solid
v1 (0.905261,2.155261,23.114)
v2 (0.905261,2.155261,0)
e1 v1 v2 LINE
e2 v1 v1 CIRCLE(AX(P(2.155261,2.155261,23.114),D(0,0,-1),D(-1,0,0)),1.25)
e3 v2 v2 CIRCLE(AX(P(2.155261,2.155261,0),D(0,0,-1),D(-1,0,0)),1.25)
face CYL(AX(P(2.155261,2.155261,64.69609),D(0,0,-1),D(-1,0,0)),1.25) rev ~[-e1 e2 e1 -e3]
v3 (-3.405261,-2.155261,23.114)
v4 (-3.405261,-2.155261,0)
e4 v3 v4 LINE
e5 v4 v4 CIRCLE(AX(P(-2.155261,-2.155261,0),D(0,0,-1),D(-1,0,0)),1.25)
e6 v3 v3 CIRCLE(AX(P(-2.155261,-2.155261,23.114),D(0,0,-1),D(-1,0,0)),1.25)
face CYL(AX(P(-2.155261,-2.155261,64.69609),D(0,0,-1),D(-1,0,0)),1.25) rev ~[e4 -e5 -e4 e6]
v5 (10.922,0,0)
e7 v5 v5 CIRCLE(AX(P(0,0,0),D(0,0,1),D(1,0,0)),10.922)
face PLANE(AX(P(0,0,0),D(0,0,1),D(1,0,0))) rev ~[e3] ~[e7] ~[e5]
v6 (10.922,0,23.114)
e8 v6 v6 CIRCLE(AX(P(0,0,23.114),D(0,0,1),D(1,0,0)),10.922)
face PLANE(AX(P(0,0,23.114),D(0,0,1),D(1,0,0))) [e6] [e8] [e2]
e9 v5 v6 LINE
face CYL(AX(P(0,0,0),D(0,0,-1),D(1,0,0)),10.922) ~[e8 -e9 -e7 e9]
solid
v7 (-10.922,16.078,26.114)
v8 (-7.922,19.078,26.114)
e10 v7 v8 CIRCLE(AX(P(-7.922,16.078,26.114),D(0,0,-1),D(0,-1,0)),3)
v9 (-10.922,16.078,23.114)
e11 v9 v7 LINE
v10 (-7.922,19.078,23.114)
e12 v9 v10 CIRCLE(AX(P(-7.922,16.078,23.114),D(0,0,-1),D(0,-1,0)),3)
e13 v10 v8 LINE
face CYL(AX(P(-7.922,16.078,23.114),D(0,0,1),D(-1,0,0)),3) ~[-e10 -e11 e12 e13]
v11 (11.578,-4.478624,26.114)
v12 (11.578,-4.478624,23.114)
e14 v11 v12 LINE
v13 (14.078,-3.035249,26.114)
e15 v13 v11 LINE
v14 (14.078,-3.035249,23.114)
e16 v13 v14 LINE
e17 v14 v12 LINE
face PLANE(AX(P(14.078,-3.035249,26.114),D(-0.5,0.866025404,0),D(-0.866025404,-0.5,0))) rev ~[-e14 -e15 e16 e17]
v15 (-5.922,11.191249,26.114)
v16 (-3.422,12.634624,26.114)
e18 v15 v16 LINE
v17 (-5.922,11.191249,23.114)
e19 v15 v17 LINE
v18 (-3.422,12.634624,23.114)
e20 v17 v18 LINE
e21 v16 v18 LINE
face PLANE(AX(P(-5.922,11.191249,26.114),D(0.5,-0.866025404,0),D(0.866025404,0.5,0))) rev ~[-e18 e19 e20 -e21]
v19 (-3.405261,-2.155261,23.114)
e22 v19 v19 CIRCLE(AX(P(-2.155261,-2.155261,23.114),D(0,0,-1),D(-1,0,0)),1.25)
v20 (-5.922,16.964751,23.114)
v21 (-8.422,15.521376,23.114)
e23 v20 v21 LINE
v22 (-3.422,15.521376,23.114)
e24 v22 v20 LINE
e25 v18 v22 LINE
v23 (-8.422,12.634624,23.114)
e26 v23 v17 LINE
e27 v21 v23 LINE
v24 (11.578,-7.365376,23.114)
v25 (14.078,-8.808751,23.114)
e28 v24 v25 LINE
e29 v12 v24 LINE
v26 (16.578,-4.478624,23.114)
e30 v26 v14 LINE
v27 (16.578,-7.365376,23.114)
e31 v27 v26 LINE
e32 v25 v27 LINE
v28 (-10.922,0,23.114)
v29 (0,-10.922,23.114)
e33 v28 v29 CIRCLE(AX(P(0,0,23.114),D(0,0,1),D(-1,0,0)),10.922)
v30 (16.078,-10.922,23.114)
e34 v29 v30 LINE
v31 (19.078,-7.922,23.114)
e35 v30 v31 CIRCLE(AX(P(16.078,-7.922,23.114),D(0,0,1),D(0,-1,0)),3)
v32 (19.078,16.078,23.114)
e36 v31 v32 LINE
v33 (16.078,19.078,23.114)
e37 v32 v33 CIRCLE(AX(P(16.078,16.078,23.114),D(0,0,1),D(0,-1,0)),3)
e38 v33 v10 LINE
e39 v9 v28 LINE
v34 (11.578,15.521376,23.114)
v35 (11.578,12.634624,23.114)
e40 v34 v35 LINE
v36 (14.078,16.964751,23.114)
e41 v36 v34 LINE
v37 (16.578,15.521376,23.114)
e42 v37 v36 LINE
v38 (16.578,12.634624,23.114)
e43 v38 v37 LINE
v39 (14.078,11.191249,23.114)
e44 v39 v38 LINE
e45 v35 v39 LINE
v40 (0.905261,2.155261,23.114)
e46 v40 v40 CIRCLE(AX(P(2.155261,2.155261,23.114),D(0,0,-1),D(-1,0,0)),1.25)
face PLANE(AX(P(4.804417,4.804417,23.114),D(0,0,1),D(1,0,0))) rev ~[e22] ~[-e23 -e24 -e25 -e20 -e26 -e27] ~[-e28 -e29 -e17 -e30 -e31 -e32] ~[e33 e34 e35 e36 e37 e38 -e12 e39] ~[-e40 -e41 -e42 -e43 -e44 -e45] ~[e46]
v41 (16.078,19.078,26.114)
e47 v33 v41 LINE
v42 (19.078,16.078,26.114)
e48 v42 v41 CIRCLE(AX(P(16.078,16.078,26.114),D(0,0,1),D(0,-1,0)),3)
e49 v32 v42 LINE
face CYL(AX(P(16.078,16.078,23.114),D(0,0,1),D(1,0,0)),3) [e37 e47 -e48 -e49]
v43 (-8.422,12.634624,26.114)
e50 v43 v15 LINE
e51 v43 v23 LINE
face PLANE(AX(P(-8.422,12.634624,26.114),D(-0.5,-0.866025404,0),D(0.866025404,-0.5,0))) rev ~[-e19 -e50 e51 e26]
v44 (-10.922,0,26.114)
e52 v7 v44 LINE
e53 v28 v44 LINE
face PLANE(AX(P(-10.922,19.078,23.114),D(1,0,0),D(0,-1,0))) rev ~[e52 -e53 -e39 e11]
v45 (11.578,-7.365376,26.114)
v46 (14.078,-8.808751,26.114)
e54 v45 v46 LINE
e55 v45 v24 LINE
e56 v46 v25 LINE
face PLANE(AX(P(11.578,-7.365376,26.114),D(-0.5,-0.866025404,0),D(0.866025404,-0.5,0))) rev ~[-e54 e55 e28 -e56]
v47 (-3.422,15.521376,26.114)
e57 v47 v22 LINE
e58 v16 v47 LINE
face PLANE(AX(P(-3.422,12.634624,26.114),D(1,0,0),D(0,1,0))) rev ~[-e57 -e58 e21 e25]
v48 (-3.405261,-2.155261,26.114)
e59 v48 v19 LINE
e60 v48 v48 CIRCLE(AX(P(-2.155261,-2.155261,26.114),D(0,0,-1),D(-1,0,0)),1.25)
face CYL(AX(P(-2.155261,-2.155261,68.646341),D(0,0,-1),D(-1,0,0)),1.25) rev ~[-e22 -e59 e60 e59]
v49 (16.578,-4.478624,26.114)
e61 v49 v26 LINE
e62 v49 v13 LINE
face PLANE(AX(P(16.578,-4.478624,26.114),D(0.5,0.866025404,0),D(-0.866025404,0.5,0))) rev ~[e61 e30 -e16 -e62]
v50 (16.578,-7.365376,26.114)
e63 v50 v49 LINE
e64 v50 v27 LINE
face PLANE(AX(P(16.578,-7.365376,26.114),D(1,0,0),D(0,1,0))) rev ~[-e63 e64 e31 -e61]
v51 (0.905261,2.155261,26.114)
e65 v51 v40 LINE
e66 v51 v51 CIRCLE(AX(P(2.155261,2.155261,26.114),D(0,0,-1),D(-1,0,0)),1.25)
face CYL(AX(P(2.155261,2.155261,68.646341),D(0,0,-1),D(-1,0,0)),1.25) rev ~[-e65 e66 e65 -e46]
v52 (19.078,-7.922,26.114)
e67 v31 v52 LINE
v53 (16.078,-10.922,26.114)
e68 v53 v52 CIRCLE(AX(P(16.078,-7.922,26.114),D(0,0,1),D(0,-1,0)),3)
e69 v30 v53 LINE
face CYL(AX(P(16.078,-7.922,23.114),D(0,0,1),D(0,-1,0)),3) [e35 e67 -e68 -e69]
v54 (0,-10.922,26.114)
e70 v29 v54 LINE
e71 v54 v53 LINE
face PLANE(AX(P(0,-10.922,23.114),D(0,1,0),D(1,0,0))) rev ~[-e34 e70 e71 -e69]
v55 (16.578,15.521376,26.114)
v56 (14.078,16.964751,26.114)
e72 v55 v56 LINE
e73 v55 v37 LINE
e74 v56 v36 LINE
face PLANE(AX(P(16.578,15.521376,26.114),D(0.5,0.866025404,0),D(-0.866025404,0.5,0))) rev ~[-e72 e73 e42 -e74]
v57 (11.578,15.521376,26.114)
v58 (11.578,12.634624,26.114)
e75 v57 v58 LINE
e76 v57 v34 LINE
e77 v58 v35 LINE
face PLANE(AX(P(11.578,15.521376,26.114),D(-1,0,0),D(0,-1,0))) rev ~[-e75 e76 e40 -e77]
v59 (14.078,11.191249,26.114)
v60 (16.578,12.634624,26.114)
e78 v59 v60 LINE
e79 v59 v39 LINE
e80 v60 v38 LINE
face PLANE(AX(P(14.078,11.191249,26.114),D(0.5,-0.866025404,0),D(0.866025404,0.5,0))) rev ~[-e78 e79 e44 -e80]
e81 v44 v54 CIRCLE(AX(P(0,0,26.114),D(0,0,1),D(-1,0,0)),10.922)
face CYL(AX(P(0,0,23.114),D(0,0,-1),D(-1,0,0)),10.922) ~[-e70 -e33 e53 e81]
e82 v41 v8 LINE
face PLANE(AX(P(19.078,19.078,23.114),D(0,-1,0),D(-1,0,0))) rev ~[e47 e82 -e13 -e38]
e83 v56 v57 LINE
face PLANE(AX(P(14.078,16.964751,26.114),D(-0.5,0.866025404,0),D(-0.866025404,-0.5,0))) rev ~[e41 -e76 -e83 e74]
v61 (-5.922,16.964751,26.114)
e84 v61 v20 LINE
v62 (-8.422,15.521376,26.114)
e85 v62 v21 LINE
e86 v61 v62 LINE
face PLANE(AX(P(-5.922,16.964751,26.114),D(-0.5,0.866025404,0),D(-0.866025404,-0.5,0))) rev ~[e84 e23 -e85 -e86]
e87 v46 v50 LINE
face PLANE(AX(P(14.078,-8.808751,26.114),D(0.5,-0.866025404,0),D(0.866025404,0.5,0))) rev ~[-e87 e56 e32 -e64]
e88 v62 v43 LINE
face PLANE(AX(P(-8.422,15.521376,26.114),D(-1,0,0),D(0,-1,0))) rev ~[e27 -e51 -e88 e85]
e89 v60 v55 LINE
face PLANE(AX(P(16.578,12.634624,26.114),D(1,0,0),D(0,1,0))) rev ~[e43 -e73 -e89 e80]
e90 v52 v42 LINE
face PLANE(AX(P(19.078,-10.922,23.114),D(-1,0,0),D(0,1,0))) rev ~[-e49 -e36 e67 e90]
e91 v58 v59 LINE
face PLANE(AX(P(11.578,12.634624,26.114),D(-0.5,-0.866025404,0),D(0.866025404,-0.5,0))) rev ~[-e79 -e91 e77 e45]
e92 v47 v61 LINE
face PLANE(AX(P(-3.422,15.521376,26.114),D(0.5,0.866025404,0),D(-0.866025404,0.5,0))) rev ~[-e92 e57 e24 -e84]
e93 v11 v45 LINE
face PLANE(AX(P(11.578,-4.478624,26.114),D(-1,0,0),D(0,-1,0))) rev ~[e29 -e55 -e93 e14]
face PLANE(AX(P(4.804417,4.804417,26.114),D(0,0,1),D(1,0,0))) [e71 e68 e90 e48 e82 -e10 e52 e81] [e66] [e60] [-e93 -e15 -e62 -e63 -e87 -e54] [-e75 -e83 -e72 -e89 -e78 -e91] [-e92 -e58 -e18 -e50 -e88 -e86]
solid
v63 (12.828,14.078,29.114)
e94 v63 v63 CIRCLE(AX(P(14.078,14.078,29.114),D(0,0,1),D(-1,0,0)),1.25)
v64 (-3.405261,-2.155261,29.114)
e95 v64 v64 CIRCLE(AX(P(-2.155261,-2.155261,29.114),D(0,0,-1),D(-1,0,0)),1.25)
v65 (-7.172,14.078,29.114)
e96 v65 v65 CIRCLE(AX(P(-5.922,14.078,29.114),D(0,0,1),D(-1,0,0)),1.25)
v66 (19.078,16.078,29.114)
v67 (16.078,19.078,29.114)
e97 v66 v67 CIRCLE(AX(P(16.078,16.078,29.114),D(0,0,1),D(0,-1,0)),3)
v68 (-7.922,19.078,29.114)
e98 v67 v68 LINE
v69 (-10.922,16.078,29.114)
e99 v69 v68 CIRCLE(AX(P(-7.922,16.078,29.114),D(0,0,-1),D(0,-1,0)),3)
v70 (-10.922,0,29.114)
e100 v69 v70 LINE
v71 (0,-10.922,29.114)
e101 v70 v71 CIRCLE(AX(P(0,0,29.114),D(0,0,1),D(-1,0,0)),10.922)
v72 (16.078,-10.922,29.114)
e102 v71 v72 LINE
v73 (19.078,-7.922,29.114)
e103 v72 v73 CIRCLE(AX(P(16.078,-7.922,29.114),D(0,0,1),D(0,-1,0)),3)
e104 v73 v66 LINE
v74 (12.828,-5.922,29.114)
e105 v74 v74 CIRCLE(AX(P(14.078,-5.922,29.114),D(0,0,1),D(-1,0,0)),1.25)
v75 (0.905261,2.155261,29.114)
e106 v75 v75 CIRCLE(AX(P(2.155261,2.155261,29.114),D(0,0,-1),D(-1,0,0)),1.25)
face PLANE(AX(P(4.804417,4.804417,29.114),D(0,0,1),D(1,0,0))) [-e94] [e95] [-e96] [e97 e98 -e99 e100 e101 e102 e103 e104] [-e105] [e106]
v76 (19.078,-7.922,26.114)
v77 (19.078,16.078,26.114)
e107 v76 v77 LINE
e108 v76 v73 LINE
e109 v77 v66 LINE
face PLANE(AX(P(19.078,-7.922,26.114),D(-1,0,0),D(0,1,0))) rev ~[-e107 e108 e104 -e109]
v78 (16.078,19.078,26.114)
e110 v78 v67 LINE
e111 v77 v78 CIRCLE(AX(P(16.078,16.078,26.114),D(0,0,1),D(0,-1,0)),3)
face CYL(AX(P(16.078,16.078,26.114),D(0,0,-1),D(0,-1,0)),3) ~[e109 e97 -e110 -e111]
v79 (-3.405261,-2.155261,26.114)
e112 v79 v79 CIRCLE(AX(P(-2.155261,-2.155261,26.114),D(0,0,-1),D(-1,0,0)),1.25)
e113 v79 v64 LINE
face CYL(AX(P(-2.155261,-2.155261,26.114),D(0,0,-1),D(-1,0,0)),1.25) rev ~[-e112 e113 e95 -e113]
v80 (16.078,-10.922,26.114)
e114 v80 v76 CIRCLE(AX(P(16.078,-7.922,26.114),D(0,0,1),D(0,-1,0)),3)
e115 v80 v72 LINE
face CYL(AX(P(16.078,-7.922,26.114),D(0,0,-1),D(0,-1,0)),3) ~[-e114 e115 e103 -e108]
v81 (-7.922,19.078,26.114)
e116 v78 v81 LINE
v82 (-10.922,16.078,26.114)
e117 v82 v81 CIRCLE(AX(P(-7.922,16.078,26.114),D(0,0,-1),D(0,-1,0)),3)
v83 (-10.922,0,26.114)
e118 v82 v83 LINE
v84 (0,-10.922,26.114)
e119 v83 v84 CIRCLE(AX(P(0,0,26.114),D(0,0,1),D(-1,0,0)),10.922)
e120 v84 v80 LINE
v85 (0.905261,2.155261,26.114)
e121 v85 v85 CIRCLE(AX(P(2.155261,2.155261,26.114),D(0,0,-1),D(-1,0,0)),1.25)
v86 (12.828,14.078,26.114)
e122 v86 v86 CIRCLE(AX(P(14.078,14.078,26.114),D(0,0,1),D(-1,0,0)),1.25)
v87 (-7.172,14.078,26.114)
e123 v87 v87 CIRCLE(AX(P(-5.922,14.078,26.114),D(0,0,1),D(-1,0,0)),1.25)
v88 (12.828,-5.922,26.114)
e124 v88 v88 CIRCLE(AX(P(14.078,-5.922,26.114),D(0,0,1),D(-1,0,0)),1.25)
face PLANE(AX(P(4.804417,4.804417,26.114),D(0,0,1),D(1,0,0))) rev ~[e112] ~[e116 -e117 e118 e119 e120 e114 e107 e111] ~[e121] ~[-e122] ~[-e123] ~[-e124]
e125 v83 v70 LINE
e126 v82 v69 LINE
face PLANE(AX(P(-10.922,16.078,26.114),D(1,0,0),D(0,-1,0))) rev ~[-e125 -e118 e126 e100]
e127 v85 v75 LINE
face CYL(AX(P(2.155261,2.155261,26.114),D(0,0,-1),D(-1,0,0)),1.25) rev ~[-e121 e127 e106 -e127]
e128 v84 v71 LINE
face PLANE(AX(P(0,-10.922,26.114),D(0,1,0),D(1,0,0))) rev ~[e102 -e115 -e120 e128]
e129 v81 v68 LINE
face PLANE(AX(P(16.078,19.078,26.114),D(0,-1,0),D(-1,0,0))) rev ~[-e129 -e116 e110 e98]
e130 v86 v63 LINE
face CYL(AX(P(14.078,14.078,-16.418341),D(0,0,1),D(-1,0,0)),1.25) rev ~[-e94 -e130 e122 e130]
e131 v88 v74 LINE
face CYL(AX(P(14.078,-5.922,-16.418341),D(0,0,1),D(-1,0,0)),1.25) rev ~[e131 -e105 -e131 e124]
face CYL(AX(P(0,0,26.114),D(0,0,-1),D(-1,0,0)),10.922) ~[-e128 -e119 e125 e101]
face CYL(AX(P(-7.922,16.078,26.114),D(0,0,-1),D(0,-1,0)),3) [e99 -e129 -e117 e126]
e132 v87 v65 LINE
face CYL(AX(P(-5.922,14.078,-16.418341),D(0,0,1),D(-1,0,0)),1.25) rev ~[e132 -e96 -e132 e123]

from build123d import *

# Parameters (mm, degrees)
F0_R     = 10.922
F1_DEPTH = 23.114
F3_DEPTH = 3
F4_R     = 3
F6_D     = 2.5
F6_2_D   = 2.5
F7_DEPTH = 3
F9_DEPTH = 26.115
F10_D    = 2.5


with BuildPart() as f1:
    # F0 (on Top) → F1 (new body)
    with BuildSketch(Plane.XY):
        Circle(F0_R)
    extrude(amount=F1_DEPTH)

    # F6 (through all)
    with Locations(Plane.XY.offset(26.114)):
        with Locations((-2.1552614691, -2.1552614691), (2.1552614691, 2.1552614691)):
            Hole(F6_D / 2)


with BuildPart() as f3:
    # F2 (on face) → F3 (new body)
    with BuildSketch(Plane.XY.offset(23.114)):
        with BuildLine():
            Line((-10.922, 19.078), (-10.922, 0))
            ThreePointArc((-10.922, 0), (-7.7230202641, -7.7230202641), (0, -10.922))
            Line((0, -10.922), (19.078, -10.922))
            Line((19.078, -10.922), (19.078, 19.078))
            Line((19.078, 19.078), (-10.922, 19.078))
        make_face()
    extrude(amount=F3_DEPTH)

    # F4
    f4_edges = [f3.edges().sort_by_distance(p)[0] for p in [
        (19.078, -10.922, 24.614),
        (19.078, 19.078, 24.614),
        (-10.922, 19.078, 24.614),
    ]]
    fillet(f4_edges, radius=F4_R)

    # F6#2 (through all)
    with Locations(Plane.XY.offset(26.114)):
        with Locations((-2.1552614691, -2.1552614691), (2.1552614691, 2.1552614691)):
            Hole(F6_2_D / 2)


with BuildPart() as f7:
    # F7 (new): a face of the model
    f7_faces = [f3.part.faces().sort_by_distance(p)[0] for p in [
        (4.4668066755, 4.4668066755, 26.114),
    ]]
    extrude(f7_faces, amount=F7_DEPTH)

    # F10 (through all)
    with Locations(Plane(origin=(0, 0, 26.114), x_dir=(1, 0, 0), z_dir=(0, 0, -1))):
        with Locations((-5.922, -14.078), (14.078, -14.078), (14.078, 5.922)):
            Hole(F10_D / 2)


with BuildPart() as f3_1:
    add(f3.part)

    # F8 (on face) → F9 (cut, through all)
    with BuildSketch(Plane.XY.offset(26.114)):
        Polygon((-3.422, 12.634624327), (-3.422, 15.521375673), (-5.922, 16.9647513459), (-8.422, 15.521375673), (-8.422, 12.634624327), (-5.922, 11.1912486541), align=None)
        Polygon((14.078, 16.9647513459), (11.578, 15.521375673), (11.578, 12.634624327), (14.078, 11.1912486541), (16.578, 12.634624327), (16.578, 15.521375673), align=None)
        Polygon((11.578, -4.478624327), (11.578, -7.365375673), (14.078, -8.8087513459), (16.578, -7.365375673), (16.578, -4.478624327), (14.078, -3.0352486541), align=None)
    extrude(amount=-F9_DEPTH, mode=Mode.SUBTRACT)


solid = Compound([f1.part, f7.part, f3_1.part])
